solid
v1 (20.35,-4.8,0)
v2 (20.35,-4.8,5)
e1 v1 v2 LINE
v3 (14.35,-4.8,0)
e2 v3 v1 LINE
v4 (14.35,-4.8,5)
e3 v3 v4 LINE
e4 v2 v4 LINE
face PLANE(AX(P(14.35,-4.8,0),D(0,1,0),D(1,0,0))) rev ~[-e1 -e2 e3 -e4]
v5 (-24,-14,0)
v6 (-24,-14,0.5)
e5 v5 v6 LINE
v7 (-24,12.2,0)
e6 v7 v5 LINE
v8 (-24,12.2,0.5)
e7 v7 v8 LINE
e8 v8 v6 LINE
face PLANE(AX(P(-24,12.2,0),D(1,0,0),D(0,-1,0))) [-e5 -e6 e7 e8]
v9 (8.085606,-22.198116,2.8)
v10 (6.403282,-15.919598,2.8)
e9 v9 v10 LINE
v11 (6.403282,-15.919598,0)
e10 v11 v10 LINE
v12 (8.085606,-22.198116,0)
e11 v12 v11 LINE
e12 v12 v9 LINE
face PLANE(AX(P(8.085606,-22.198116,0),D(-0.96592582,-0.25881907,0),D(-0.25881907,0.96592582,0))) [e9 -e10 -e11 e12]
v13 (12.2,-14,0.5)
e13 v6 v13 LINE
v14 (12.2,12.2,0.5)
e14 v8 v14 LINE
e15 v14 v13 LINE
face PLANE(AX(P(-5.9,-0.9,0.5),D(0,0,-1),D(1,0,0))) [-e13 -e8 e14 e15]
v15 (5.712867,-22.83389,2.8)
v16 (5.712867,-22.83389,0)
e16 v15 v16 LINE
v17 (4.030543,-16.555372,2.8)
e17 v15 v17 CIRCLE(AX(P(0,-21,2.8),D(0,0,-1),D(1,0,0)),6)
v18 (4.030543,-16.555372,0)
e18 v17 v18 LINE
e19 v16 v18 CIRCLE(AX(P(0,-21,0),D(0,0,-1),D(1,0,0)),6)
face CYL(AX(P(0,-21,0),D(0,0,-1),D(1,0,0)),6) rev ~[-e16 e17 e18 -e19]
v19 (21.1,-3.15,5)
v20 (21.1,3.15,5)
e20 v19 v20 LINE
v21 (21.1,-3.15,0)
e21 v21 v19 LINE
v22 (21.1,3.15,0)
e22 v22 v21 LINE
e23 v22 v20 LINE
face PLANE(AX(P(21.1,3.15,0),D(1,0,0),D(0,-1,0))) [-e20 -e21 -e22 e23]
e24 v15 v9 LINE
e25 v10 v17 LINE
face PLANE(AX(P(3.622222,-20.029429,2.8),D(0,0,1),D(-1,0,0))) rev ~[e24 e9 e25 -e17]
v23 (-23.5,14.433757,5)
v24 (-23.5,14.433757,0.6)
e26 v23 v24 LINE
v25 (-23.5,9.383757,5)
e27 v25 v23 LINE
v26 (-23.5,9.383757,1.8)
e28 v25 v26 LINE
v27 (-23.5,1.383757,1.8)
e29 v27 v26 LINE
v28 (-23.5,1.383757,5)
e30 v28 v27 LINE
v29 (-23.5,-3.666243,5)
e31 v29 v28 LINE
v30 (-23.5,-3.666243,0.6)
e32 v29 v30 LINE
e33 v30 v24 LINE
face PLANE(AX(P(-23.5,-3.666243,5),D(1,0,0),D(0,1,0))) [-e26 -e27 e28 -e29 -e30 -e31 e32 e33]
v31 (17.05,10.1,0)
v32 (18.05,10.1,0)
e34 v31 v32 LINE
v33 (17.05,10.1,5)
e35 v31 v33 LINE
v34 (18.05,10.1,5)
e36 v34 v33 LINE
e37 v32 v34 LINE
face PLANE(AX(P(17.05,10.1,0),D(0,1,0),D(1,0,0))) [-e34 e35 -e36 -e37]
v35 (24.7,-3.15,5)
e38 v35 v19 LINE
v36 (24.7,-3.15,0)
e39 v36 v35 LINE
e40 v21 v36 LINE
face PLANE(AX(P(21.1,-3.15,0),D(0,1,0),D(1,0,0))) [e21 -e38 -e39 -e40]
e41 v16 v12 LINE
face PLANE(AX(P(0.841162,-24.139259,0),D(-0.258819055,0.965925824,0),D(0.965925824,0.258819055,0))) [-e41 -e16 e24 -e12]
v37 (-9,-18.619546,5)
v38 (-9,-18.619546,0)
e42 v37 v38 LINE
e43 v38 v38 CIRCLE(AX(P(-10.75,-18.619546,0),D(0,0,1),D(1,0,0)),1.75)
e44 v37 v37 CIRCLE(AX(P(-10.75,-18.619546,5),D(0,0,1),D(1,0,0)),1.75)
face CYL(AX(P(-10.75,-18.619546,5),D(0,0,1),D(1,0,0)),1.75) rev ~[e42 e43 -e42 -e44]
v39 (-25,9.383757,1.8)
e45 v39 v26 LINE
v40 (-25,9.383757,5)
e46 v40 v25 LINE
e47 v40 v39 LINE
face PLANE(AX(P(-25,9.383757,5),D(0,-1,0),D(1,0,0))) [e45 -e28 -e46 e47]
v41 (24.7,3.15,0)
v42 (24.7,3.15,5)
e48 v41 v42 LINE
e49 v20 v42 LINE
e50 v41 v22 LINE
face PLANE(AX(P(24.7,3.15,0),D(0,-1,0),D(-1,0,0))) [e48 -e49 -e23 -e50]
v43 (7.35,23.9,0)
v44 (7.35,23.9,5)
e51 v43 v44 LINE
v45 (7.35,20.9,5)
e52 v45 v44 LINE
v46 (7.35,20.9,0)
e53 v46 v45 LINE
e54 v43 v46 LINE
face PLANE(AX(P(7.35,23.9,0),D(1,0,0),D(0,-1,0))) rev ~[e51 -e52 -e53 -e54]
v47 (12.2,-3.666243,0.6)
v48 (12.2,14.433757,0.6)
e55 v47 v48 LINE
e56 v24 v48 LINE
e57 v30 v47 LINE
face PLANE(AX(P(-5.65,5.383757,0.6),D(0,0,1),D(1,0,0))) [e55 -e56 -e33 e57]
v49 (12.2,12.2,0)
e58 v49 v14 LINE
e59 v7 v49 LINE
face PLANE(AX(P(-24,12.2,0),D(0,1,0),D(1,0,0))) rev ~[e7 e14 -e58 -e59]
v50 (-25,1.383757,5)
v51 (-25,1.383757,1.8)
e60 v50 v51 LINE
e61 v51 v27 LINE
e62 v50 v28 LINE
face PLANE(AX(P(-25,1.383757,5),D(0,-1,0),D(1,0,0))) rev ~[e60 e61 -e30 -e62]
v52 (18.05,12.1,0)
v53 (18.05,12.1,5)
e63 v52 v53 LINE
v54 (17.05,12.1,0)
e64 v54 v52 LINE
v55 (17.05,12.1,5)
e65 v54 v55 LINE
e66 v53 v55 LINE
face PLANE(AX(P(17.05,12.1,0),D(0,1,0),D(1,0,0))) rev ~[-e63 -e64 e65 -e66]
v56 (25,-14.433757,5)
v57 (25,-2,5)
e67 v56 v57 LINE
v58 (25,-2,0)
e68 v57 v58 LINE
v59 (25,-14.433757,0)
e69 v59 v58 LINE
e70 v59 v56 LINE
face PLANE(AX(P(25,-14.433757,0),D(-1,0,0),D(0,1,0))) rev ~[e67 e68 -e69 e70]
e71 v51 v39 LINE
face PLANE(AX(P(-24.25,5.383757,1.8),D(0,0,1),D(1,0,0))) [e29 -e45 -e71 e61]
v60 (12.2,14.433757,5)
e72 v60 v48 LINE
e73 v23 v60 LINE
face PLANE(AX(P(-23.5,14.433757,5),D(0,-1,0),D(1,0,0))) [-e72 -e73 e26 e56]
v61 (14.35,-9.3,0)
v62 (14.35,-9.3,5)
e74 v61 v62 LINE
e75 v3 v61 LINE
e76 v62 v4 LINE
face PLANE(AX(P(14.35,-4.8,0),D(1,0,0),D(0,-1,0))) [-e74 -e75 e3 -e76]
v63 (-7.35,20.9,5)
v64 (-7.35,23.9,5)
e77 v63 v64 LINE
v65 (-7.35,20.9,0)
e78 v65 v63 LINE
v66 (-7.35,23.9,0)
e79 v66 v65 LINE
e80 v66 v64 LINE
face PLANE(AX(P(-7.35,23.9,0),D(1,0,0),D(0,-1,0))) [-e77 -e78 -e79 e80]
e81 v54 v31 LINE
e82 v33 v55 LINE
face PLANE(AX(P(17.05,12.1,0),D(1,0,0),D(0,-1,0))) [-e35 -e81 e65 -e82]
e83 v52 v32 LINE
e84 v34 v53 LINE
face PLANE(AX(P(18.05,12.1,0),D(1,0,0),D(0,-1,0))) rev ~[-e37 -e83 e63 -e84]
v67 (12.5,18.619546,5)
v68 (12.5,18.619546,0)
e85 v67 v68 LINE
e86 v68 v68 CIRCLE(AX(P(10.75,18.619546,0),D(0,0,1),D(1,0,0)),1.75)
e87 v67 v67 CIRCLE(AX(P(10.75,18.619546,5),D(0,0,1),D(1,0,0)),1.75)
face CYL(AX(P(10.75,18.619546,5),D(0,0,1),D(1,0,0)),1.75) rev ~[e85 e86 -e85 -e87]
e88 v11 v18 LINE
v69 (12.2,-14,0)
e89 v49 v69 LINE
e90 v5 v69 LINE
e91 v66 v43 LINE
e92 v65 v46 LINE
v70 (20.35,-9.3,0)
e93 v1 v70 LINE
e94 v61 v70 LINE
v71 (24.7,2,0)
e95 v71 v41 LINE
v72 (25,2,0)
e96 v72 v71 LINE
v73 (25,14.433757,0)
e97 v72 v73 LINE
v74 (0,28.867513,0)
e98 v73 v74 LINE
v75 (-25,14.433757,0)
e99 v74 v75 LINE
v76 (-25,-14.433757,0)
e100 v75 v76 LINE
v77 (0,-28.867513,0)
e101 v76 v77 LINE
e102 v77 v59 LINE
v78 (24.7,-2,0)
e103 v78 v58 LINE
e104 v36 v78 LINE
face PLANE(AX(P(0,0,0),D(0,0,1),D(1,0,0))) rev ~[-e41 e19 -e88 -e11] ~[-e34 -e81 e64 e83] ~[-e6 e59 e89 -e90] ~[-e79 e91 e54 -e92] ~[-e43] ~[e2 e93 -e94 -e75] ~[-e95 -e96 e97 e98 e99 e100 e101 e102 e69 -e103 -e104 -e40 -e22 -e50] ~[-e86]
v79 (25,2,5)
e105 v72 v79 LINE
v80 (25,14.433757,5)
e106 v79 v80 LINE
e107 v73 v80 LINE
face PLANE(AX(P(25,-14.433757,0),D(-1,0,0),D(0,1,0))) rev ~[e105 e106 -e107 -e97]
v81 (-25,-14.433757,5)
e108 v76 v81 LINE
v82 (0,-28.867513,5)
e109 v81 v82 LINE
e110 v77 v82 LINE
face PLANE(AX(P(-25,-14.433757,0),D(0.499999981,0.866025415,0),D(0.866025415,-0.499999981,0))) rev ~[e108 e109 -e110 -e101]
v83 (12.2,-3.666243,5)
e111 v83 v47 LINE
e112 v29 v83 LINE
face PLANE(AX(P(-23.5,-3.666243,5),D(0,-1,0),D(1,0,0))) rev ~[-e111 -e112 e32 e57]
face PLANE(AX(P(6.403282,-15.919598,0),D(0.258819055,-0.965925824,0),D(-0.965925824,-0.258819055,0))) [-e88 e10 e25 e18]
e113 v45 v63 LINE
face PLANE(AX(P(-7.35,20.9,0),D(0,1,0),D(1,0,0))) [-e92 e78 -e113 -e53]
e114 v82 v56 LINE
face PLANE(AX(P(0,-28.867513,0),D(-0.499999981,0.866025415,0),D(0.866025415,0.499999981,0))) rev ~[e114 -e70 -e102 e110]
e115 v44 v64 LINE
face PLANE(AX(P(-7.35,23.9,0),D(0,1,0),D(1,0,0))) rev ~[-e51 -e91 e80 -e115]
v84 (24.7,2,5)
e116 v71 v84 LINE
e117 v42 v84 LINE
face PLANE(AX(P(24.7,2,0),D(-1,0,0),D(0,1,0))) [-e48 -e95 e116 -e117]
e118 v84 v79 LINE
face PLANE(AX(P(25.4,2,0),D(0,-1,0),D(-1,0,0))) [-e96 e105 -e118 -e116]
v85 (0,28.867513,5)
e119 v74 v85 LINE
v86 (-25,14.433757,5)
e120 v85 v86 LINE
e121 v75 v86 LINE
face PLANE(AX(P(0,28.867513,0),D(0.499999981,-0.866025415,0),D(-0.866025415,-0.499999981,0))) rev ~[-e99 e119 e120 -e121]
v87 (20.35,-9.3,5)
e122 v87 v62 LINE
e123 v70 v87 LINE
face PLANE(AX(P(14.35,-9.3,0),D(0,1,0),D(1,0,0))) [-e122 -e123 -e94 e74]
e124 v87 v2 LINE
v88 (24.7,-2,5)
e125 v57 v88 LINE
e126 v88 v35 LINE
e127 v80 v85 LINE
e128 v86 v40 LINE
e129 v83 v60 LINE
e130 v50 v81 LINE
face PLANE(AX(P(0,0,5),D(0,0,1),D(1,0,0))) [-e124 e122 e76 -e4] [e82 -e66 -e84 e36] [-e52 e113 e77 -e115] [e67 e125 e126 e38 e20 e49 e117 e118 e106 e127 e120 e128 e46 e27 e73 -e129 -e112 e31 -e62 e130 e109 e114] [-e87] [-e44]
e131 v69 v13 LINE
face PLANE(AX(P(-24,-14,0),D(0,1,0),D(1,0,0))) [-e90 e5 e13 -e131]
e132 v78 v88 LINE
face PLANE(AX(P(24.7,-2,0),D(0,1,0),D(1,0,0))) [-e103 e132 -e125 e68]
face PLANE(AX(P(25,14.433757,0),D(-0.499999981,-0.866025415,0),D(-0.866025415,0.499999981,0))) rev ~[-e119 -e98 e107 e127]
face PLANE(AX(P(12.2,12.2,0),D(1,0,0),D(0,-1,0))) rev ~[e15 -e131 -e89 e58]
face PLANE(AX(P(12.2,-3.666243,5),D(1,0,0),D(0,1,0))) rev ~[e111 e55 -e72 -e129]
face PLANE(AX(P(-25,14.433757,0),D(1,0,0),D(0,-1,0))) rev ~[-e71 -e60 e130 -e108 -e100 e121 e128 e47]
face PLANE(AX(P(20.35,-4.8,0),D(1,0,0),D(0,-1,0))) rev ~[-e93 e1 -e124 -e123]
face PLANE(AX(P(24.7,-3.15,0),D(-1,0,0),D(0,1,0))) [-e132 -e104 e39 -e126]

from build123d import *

# Parameters (mm, degrees)
PAD_DEPTH       = 5
SKETCH001_R     = 1.75
POCKET_DEPTH    = 5.001
SKETCH002_W     = 36.2
SKETCH002_H     = 26.2
POCKET001_DEPTH = 0.5
SKETCH003_R     = 6
POCKET002_DEPTH = 2.8
POCKET003_DEPTH = 2.8
SKETCH005_W     = 6
SKETCH005_H     = 4.5
POCKET004_DEPTH = 5.001
SKETCH006_W     = 14.7
SKETCH006_H     = 3
POCKET005_DEPTH = 5.001
SKETCH007_W     = 35.7
SKETCH007_H     = 18.1
POCKET006_DEPTH = 4.4
SKETCH008_W     = 1.5
SKETCH008_H     = 8
POCKET007_DEPTH = 3.2
POCKET008_DEPTH = 5.001
SKETCH010_W     = 1
SKETCH010_H     = 2
POCKET009_DEPTH = 5.001


with BuildPart() as part:
    # Sketch → Pad (new body)
    with BuildSketch(Plane.XY):
        Polygon((-25, 14.433757), (-25, -14.433757), (0, -28.867513), (25, -14.433757), (25, 14.433757), (0, 28.867513), align=None)
    extrude(amount=PAD_DEPTH)

    # Sketch001 → Pocket (cut, through all)
    with BuildSketch(Plane.XY.offset(5)):
        with Locations((-10.75, -18.619546)):
            Circle(SKETCH001_R)
        with Locations((10.75, 18.619546)):
            Circle(SKETCH001_R)
    extrude(amount=-POCKET_DEPTH, mode=Mode.SUBTRACT)

    # Sketch002 → Pocket001 (cut)
    with BuildSketch(Plane(origin=(0, 0, 0), x_dir=(1, 0, 0), z_dir=(0, 0, -1))):
        with Locations((-5.9, 0.9)):
            Rectangle(SKETCH002_W, SKETCH002_H)
    extrude(amount=-POCKET001_DEPTH, mode=Mode.SUBTRACT)

    # Sketch003 → Pocket002 (cut)
    with BuildSketch(Plane(origin=(0, 0, 0), x_dir=(1, 0, 0), z_dir=(0, 0, -1))):
        with Locations((0, 21)):
            Circle(SKETCH003_R)
    extrude(amount=-POCKET002_DEPTH, mode=Mode.SUBTRACT)

    # Sketch004 → Pocket003 (cut)
    with BuildSketch(Plane(origin=(0, 0, 0), x_dir=(1, 0, 0), z_dir=(0, 0, -1))):
        Polygon((0.841162, 24.139259), (8.085606, 22.198116), (6.403282, 15.919598), (-0.841162, 17.860741), align=None)
    extrude(amount=-POCKET003_DEPTH, mode=Mode.SUBTRACT)

    # Sketch005 → Pocket004 (cut, through all)
    with BuildSketch(Plane(origin=(0, 0, 0), x_dir=(1, 0, 0), z_dir=(0, 0, -1))):
        with Locations((17.35, 7.05)):
            Rectangle(SKETCH005_W, SKETCH005_H)
    extrude(amount=-POCKET004_DEPTH, mode=Mode.SUBTRACT)

    # Sketch006 → Pocket005 (cut, through all)
    with BuildSketch(Plane(origin=(0, 0, 0), x_dir=(1, 0, 0), z_dir=(0, 0, -1))):
        with Locations((0, -22.4)):
            Rectangle(SKETCH006_W, SKETCH006_H)
    extrude(amount=-POCKET005_DEPTH, mode=Mode.SUBTRACT)

    # Sketch007 → Pocket006 (cut)
    with BuildSketch(Plane.XY.offset(5)):
        with Locations((-5.65, 5.383757)):
            Rectangle(SKETCH007_W, SKETCH007_H)
    extrude(amount=-POCKET006_DEPTH, mode=Mode.SUBTRACT)

    # Sketch008 → Pocket007 (cut)
    with BuildSketch(Plane.XY.offset(5)):
        with Locations((-24.25, 5.383757)):
            Rectangle(SKETCH008_W, SKETCH008_H)
    extrude(amount=-POCKET007_DEPTH, mode=Mode.SUBTRACT)

    # Sketch009 → Pocket008 (cut, through all)
    with BuildSketch(Plane(origin=(0, 0, 0), x_dir=(1, 0, 0), z_dir=(0, 0, -1))):
        Polygon((21.1, 3.15), (24.7, 3.15), (24.7, 2), (25.4, 2), (25.4, -2), (24.7, -2), (24.7, -3.15), (21.1, -3.15), align=None)
    extrude(amount=-POCKET008_DEPTH, mode=Mode.SUBTRACT)

    # Sketch010 → Pocket009 (cut, through all)
    with BuildSketch(Plane(origin=(0, 0, 0), x_dir=(1, 0, 0), z_dir=(0, 0, -1))):
        with Locations((17.55, -11.1)):
            Rectangle(SKETCH010_W, SKETCH010_H)
    extrude(amount=-POCKET009_DEPTH, mode=Mode.SUBTRACT)


solid = part.part
